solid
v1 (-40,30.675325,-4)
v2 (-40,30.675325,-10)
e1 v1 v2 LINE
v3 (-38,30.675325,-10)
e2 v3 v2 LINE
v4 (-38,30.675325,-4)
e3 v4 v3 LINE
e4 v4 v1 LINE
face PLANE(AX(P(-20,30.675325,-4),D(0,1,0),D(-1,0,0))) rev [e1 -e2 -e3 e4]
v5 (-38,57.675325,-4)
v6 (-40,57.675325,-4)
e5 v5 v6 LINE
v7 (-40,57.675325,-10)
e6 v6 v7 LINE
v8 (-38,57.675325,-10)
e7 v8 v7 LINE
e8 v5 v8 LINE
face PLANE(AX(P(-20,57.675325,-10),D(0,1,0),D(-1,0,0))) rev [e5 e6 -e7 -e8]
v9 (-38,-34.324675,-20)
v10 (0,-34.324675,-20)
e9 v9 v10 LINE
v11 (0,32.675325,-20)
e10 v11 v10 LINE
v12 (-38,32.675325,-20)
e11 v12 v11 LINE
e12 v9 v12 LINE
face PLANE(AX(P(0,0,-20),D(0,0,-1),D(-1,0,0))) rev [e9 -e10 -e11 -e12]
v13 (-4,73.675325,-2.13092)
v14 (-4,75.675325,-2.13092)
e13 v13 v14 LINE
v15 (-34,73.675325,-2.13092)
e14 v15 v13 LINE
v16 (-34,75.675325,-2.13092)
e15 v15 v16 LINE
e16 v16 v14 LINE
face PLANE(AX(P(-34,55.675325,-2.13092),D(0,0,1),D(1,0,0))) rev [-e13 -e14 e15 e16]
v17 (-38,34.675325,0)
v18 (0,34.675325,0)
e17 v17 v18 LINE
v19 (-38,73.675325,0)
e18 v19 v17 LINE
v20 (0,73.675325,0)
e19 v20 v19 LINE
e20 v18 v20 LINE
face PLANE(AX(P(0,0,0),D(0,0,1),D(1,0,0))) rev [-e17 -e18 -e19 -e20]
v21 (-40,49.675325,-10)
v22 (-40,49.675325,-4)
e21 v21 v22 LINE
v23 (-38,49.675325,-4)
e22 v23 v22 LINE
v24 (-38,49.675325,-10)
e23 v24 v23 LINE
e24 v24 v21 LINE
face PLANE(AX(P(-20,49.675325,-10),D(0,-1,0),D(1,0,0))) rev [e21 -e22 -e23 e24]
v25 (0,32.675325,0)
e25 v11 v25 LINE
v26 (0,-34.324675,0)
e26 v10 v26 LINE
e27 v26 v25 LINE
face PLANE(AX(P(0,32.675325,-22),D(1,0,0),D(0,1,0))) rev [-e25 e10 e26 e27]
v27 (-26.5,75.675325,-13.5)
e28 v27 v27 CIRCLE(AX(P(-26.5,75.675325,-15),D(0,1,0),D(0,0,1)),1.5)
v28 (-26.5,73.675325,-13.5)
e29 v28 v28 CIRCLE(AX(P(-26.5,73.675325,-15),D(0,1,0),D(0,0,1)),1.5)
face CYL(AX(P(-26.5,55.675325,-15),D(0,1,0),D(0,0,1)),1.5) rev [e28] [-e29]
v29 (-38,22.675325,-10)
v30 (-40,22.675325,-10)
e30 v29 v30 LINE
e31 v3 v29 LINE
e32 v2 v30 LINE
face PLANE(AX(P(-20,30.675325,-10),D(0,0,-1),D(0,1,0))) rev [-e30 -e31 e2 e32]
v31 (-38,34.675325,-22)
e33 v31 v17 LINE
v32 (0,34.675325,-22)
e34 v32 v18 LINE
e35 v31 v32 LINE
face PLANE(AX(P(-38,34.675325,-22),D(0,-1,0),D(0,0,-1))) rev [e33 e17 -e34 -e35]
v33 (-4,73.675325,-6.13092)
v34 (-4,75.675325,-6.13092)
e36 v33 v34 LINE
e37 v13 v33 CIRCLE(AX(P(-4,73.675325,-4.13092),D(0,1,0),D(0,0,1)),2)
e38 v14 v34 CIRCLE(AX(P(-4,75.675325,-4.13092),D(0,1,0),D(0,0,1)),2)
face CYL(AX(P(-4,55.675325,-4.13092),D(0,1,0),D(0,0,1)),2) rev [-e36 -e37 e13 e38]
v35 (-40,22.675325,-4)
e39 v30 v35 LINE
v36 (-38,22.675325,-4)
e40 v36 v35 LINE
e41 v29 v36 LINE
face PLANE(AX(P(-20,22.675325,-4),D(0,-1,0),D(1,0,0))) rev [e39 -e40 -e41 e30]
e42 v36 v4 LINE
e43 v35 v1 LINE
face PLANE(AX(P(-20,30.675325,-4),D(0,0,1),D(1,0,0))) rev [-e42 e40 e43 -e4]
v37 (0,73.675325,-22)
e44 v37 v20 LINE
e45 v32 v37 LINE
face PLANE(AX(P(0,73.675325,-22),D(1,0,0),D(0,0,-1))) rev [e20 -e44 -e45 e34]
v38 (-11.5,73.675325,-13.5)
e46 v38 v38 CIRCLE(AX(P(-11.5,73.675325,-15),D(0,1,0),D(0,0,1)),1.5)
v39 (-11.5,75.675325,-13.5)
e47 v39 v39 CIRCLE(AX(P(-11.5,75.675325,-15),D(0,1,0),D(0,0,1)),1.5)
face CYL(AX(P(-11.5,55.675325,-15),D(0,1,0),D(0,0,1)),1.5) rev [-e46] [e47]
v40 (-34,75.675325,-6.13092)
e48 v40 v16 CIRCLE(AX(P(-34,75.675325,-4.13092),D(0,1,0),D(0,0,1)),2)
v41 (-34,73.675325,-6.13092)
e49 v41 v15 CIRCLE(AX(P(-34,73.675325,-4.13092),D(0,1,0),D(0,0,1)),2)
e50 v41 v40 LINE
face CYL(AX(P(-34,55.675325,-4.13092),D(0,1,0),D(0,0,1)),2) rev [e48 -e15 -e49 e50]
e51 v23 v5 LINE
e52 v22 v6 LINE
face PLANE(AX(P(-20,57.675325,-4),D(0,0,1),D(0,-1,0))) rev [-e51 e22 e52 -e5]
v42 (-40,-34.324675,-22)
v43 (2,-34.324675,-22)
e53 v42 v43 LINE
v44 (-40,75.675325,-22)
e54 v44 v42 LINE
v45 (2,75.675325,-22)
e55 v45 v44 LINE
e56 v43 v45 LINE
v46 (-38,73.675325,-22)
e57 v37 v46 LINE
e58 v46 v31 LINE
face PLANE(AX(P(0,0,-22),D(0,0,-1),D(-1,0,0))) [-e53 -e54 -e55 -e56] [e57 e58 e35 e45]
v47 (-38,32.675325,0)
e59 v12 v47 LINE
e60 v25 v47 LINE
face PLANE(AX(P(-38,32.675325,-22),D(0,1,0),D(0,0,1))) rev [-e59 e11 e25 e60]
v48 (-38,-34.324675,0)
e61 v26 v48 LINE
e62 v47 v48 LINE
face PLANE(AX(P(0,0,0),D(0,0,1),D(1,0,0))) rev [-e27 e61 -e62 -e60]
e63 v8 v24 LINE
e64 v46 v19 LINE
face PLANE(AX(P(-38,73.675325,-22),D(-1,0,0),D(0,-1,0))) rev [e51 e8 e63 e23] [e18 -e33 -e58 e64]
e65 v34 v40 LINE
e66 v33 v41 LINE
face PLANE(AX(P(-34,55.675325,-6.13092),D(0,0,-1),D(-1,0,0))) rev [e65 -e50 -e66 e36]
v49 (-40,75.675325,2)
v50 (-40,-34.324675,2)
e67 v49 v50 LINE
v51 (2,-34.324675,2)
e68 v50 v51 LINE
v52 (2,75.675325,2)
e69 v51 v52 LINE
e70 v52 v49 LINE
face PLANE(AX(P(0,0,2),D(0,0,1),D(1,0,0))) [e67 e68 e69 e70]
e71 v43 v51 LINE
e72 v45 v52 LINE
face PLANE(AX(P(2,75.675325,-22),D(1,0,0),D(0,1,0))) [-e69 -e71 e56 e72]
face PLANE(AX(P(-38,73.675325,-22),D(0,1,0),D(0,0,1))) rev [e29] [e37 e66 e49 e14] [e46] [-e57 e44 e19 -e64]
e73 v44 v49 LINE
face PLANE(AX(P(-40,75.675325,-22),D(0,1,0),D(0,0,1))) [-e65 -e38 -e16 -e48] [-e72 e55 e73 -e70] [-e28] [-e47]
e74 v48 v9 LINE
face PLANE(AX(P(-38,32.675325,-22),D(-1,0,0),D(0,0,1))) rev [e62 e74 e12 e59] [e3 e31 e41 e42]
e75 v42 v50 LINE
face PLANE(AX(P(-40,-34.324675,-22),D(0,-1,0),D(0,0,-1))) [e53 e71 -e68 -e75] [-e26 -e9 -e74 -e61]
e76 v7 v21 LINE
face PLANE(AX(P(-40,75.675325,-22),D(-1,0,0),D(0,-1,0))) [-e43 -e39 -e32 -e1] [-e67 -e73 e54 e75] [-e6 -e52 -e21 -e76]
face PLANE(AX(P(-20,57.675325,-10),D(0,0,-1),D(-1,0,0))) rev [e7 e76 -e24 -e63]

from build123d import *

# Parameters (mm, degrees)
SKETCH_1_W          = 38
SKETCH_1_H          = 106
EXTRUDE_1_DEPTH     = 2
SKETCH_2_W          = 42
SKETCH_2_H          = 110
SKETCH_2_W_2        = 38
SKETCH_2_H_2        = 39
SKETCH_2_H_3        = 65
EXTRUDE_5_DEPTH     = 24
SKETCH_9_W          = 6
SKETCH_9_H          = 8
CUT_EXTRUDE_2_DEPTH = 20
SKETCH_10_R         = 1.5
CUT_EXTRUDE_3_DEPTH = 20
SKETCH_12_W         = 38
SKETCH_12_H         = 65
EXTRUDE_7_DEPTH     = 2
SKETCH_13_W         = 38
SKETCH_13_H         = 20
CUT_EXTRUDE_4_DEPTH = 2


with BuildPart() as part:
    # 草图1 → 凸台-拉伸1 (new body)
    with BuildSketch(Plane.XY):
        with Locations((-19, 20.675324675)):
            Rectangle(SKETCH_1_W, SKETCH_1_H)
    extrude(amount=EXTRUDE_1_DEPTH)

    # 草图2 → 凸台-拉伸5 (add)
    with BuildSketch(Plane.XY.offset(2)):
        with Locations((-19, 20.675324675)):
            Rectangle(SKETCH_2_W, SKETCH_2_H)
        with Locations((-19, 54.175324675)):
            Rectangle(SKETCH_2_W_2, SKETCH_2_H_2, mode=Mode.SUBTRACT)
        with Locations((-19, 0.175324675)):
            Rectangle(SKETCH_2_W_2, SKETCH_2_H_3, mode=Mode.SUBTRACT)
    extrude(amount=-EXTRUDE_5_DEPTH)

    # 草图9 → 切除-拉伸2 (cut)
    with BuildSketch(Plane.ZY.offset(40)):
        with Locations((-7, 26.675324675)):
            Rectangle(SKETCH_9_W, SKETCH_9_H)
        with Locations((-7, 53.675324675)):
            Rectangle(SKETCH_9_W, SKETCH_9_H)
    extrude(amount=-CUT_EXTRUDE_2_DEPTH, mode=Mode.SUBTRACT)

    # 草图10 → 切除-拉伸3 (cut)
    with BuildSketch(Plane(origin=(0, 75.675324675, 0), x_dir=(1, 0, 0), z_dir=(0, 1, 0))):
        with Locations((-26.5, 15)):
            Circle(SKETCH_10_R)
        with Locations((-11.5, 15)):
            Circle(SKETCH_10_R)
        with BuildLine():
            Line((-34, 6.130920254), (-4, 6.130920254))
            ThreePointArc((-4, 6.130920254), (-2, 4.130920254), (-4, 2.130920254))
            Line((-4, 2.130920254), (-34, 2.130920254))
            ThreePointArc((-34, 2.130920254), (-36, 4.130920254), (-34, 6.130920254))
        make_face()
    extrude(amount=-CUT_EXTRUDE_3_DEPTH, mode=Mode.SUBTRACT)

    # 草图12 → 凸台-拉伸7 (add)
    with BuildSketch(Plane(origin=(0, 0, -22), x_dir=(-1, 0, 0), z_dir=(0, 0, -1))):
        with Locations((19, 0.175324675)):
            Rectangle(SKETCH_12_W, SKETCH_12_H)
    extrude(amount=-EXTRUDE_7_DEPTH)

    # 草图13 → 切除-拉伸4 (cut)
    with BuildSketch(Plane.XZ.offset(34.324675325)):
        with Locations((-19, -10)):
            Rectangle(SKETCH_13_W, SKETCH_13_H)
    extrude(amount=-CUT_EXTRUDE_4_DEPTH, mode=Mode.SUBTRACT)


solid = part.part
